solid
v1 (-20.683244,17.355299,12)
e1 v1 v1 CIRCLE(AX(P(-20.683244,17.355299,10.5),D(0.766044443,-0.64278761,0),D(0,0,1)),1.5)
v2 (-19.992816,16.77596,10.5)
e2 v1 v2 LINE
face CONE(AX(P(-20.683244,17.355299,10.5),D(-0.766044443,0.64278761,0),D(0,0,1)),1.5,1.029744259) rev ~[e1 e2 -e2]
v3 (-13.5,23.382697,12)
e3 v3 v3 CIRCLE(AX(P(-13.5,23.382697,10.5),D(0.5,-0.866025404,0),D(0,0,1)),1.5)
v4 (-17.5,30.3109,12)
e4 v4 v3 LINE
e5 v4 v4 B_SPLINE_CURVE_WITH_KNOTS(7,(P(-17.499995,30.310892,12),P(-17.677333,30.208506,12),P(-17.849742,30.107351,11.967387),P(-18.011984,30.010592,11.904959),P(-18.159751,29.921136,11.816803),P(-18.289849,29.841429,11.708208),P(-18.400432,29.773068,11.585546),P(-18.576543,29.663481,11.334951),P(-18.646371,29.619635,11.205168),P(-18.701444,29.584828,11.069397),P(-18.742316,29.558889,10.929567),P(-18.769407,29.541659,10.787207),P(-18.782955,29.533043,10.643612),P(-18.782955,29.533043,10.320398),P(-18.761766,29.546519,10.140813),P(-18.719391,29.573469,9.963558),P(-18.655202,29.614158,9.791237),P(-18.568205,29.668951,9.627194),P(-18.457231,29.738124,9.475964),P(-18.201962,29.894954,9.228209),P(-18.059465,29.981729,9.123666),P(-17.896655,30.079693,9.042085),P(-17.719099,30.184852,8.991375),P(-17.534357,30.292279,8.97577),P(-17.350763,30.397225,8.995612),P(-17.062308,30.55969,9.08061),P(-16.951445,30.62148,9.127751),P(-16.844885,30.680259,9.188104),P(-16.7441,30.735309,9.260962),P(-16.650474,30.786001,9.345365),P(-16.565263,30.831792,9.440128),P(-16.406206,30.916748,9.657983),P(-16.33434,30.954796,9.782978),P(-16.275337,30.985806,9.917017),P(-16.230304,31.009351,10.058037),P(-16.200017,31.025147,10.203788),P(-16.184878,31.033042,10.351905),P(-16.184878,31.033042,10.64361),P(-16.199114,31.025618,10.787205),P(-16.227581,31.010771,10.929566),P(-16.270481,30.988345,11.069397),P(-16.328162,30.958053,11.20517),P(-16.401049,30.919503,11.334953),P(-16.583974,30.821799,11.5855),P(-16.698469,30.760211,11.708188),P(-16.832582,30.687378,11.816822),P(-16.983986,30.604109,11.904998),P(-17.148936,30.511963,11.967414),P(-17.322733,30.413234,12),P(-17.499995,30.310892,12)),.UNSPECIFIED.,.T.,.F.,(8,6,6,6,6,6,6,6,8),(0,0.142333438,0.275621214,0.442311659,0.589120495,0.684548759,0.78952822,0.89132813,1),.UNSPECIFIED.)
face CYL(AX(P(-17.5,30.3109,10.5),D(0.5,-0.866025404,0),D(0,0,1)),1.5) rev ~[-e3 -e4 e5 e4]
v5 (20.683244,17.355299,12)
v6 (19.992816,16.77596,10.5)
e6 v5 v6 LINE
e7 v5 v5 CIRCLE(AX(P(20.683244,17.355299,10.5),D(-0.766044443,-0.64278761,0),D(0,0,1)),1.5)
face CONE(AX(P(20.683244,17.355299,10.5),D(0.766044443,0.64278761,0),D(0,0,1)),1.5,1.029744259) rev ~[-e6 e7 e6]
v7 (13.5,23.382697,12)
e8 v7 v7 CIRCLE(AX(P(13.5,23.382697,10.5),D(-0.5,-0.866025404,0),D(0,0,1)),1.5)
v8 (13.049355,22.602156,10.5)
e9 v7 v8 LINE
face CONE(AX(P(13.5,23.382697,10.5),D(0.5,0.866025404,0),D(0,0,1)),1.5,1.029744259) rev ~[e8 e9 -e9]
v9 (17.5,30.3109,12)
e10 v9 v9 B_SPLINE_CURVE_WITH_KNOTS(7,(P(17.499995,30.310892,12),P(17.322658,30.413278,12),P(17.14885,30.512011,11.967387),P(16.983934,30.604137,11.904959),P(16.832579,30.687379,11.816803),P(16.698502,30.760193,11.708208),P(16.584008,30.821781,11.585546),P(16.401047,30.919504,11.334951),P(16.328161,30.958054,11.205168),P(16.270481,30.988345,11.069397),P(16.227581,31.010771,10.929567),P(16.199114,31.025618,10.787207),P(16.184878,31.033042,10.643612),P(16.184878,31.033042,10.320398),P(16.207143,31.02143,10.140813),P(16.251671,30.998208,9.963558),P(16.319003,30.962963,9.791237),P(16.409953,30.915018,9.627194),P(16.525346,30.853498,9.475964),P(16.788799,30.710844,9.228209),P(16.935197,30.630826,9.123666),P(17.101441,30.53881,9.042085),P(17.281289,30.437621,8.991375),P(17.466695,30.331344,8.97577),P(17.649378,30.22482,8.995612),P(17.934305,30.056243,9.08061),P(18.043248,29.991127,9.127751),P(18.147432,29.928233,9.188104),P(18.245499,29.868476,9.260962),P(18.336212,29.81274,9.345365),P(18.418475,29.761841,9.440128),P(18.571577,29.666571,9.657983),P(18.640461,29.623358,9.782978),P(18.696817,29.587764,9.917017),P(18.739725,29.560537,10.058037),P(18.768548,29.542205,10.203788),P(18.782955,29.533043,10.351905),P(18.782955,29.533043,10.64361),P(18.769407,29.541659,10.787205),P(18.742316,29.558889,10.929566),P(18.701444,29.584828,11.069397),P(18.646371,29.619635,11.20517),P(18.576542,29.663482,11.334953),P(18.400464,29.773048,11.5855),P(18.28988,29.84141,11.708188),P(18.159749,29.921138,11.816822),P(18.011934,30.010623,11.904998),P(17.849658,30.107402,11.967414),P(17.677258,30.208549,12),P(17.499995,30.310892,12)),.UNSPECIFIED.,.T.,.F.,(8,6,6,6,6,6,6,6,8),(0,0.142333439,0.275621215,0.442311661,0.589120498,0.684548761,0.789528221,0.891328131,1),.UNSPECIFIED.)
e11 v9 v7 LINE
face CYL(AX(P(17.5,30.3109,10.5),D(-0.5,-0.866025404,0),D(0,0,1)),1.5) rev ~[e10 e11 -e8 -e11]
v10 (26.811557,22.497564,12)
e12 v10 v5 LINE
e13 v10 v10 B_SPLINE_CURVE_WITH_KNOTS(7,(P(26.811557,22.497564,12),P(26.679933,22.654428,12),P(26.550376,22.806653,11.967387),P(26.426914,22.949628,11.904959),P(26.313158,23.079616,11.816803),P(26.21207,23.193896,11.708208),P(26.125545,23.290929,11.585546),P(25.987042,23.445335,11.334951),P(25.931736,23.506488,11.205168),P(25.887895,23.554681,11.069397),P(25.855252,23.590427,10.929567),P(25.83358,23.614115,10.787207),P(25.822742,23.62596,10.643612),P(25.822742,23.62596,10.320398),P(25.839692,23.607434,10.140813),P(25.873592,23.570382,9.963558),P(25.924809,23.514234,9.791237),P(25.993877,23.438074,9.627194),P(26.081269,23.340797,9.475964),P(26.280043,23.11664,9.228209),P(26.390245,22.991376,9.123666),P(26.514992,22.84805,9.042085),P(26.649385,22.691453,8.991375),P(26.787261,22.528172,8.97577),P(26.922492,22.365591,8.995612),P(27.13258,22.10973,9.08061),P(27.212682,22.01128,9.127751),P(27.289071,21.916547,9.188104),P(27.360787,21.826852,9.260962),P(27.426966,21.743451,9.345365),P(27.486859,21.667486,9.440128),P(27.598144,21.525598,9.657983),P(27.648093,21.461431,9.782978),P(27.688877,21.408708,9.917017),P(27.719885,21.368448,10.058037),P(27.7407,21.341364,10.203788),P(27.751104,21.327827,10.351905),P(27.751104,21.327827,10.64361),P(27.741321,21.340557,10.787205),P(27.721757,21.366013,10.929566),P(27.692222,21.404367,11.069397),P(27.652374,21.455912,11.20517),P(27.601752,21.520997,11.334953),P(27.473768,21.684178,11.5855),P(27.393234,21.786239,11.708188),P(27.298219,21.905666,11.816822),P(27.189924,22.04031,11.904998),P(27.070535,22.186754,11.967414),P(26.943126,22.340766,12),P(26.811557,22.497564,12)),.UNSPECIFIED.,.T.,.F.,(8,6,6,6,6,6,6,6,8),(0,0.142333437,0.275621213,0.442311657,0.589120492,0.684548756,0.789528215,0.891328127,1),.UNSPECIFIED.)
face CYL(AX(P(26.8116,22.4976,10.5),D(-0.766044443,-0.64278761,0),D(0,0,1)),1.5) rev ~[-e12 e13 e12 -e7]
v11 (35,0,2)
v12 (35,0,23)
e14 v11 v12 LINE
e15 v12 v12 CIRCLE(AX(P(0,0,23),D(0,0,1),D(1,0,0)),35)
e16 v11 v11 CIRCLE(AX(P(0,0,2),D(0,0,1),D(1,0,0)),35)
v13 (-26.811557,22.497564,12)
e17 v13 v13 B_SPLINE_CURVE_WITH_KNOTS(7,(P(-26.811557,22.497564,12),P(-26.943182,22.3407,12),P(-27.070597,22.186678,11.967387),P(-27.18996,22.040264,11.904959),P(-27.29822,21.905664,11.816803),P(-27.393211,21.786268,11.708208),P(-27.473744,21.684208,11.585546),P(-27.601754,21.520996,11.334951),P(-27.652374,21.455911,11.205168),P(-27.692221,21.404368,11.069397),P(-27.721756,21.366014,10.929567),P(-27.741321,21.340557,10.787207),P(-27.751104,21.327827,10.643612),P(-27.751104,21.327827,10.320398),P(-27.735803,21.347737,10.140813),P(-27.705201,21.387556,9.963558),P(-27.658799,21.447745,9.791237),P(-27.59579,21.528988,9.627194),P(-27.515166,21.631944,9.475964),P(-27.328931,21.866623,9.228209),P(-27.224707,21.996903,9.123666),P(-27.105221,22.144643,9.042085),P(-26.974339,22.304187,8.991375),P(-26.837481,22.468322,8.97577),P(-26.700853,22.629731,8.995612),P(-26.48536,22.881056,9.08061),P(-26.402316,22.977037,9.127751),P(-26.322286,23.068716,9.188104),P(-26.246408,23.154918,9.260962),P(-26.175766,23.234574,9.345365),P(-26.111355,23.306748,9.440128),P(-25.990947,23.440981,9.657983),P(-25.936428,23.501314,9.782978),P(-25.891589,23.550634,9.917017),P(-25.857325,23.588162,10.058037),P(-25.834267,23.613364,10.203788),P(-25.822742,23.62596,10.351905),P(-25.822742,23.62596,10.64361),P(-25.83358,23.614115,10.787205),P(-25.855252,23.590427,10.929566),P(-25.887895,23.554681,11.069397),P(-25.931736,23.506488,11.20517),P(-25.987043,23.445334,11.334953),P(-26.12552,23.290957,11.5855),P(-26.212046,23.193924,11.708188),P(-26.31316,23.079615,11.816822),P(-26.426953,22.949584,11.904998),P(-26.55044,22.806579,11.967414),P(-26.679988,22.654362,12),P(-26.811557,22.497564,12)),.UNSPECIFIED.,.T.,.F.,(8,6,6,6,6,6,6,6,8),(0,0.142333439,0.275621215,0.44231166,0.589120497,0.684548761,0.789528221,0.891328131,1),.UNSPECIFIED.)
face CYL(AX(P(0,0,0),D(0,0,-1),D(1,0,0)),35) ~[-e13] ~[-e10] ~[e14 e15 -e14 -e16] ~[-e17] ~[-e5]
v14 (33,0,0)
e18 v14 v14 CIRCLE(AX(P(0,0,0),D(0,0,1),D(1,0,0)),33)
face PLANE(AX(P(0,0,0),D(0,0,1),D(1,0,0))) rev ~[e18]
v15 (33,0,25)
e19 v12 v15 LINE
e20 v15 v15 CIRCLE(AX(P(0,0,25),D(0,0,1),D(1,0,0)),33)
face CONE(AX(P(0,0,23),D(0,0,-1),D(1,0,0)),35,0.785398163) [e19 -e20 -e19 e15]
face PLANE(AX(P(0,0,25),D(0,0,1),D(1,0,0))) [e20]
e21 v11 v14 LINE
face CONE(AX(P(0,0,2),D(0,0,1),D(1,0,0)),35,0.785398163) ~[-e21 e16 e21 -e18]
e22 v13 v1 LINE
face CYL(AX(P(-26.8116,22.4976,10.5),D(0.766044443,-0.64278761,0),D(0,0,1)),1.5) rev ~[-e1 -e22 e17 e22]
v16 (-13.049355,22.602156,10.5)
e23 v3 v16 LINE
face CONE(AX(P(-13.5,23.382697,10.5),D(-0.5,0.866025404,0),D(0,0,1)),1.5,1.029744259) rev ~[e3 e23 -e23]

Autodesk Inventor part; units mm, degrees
sketch "Sketch1" plane through (0, 0, 0) normal (0, 0, 1) x (1, 0, 0)
  circle A0 centre (0, 0) radius 35
  dimension "d0" = 70
extrude "Extrusion1" add sketch "Sketch1" along normal blind 25
chamfer "Chamfer1" distance 2 angle 45 2 edges at (-35, 0, 25) (-35, 0, 0)
sketch "Sketch2" plane through (0, 0, 25) normal (0, 0, 1) x (1, 0, 0)
  line L0 (0, 0) -> (0, 35) construction
  circle A0 centre (0, 0) radius 35 construction
  line L1 (0, 0) -> (35, 0) construction
  line L2 (0, 0) -> (26.8116, 22.4976) construction
  line L3 (0, 0) -> (35, 0) construction
  line L4 (0, 0) -> (17.5, 30.3109) construction
  line L5 (0, 0) -> (35, 0) construction
  line L6 (0, 0) -> (-26.8116, 22.4976) construction
  line L7 (0, 0) -> (-17.5, 30.3109) construction
  dimension "d6" = 40
  dimension "d7" = 60
  dimension "d48" = 60
ref_plane "Work Plane1" through (26.8116, 22.4976, 25) normal (0.766, 0.6428, 0) x (-0.6428, 0.766, 0)
ref_plane "Work Plane2" through (17.5, 30.3109, 25) normal (0.5, 0.866, 0) x (-0.866, 0.5, 0)
ref_plane "Work Plane3" through (-17.5, 30.3109, 25) normal (-0.5, 0.866, 0) x (-0.866, -0.5, 0)
ref_plane "Work Plane4" through (-26.8116, 22.4976, 25) normal (-0.766, 0.6428, 0) x (-0.6428, -0.766, 0)
sketch "Sketch3" plane through (26.8116, 22.4976, 25) normal (0.766, 0.6428, 0) x (-0.6428, 0.766, 0)
  line L0 (-33, 0) -> (33, 0) projected
  point P0 (0, -25)
  point P1 (0, -14.5)
  dimension "d8" = 14.5
sketch "Sketch4" plane through (17.5, 30.3109, 25) normal (0.5, 0.866, 0) x (-0.866, 0.5, 0)
  line L0 (-33, 0) -> (33, 0) projected
  point P0 (0, -25)
  point P1 (0, -14.5)
  dimension "d9" = 14.5
sketch "Sketch5" plane through (-17.5, 30.3109, 25) normal (-0.5, 0.866, 0) x (-0.866, -0.5, 0)
  line L0 (-33, 0) -> (33, 0) projected
  point P0 (0, -25)
  point P1 (0, -14.5)
  dimension "d10" = 14.5
sketch "Sketch6" plane through (-26.8116, 22.4976, 25) normal (-0.766, 0.6428, 0) x (-0.6428, -0.766, 0)
  line L0 (-33, 0) -> (33, 0) projected
  point P0 (0, -25)
  point P1 (0, -14.5)
  dimension "d11" = 14.5
hole "Hole1" at (-26.8116, 22.4976, 10.5) direction (0.766, -0.6428, 0) diameter 3 depth 8 tip angle 118
hole "Hole2" at (-17.5, 30.3109, 10.5) direction (0.5, -0.866, 0) diameter 3 depth 8 tip angle 118
hole "Hole3" at (17.5, 30.3109, 10.5) direction (-0.5, -0.866, 0) diameter 3 depth 8 tip angle 118
hole "Hole4" at (26.8116, 22.4976, 10.5) direction (-0.766, -0.6428, 0) diameter 3 depth 8 tip angle 118
thread "Thread1" size "M3x0.5" class "6H" standard "ANSI Metric M Profile" full length
thread "Thread2" size "M3x0.5" class "6H" standard "ANSI Metric M Profile" full length
thread "Thread3" size "M3x0.5" class "6H" standard "ANSI Metric M Profile" full length
thread "Thread4" size "M3x0.5" class "6H" standard "ANSI Metric M Profile" full length
properties part number "dummy_disc" material "Aluminum 6061"
